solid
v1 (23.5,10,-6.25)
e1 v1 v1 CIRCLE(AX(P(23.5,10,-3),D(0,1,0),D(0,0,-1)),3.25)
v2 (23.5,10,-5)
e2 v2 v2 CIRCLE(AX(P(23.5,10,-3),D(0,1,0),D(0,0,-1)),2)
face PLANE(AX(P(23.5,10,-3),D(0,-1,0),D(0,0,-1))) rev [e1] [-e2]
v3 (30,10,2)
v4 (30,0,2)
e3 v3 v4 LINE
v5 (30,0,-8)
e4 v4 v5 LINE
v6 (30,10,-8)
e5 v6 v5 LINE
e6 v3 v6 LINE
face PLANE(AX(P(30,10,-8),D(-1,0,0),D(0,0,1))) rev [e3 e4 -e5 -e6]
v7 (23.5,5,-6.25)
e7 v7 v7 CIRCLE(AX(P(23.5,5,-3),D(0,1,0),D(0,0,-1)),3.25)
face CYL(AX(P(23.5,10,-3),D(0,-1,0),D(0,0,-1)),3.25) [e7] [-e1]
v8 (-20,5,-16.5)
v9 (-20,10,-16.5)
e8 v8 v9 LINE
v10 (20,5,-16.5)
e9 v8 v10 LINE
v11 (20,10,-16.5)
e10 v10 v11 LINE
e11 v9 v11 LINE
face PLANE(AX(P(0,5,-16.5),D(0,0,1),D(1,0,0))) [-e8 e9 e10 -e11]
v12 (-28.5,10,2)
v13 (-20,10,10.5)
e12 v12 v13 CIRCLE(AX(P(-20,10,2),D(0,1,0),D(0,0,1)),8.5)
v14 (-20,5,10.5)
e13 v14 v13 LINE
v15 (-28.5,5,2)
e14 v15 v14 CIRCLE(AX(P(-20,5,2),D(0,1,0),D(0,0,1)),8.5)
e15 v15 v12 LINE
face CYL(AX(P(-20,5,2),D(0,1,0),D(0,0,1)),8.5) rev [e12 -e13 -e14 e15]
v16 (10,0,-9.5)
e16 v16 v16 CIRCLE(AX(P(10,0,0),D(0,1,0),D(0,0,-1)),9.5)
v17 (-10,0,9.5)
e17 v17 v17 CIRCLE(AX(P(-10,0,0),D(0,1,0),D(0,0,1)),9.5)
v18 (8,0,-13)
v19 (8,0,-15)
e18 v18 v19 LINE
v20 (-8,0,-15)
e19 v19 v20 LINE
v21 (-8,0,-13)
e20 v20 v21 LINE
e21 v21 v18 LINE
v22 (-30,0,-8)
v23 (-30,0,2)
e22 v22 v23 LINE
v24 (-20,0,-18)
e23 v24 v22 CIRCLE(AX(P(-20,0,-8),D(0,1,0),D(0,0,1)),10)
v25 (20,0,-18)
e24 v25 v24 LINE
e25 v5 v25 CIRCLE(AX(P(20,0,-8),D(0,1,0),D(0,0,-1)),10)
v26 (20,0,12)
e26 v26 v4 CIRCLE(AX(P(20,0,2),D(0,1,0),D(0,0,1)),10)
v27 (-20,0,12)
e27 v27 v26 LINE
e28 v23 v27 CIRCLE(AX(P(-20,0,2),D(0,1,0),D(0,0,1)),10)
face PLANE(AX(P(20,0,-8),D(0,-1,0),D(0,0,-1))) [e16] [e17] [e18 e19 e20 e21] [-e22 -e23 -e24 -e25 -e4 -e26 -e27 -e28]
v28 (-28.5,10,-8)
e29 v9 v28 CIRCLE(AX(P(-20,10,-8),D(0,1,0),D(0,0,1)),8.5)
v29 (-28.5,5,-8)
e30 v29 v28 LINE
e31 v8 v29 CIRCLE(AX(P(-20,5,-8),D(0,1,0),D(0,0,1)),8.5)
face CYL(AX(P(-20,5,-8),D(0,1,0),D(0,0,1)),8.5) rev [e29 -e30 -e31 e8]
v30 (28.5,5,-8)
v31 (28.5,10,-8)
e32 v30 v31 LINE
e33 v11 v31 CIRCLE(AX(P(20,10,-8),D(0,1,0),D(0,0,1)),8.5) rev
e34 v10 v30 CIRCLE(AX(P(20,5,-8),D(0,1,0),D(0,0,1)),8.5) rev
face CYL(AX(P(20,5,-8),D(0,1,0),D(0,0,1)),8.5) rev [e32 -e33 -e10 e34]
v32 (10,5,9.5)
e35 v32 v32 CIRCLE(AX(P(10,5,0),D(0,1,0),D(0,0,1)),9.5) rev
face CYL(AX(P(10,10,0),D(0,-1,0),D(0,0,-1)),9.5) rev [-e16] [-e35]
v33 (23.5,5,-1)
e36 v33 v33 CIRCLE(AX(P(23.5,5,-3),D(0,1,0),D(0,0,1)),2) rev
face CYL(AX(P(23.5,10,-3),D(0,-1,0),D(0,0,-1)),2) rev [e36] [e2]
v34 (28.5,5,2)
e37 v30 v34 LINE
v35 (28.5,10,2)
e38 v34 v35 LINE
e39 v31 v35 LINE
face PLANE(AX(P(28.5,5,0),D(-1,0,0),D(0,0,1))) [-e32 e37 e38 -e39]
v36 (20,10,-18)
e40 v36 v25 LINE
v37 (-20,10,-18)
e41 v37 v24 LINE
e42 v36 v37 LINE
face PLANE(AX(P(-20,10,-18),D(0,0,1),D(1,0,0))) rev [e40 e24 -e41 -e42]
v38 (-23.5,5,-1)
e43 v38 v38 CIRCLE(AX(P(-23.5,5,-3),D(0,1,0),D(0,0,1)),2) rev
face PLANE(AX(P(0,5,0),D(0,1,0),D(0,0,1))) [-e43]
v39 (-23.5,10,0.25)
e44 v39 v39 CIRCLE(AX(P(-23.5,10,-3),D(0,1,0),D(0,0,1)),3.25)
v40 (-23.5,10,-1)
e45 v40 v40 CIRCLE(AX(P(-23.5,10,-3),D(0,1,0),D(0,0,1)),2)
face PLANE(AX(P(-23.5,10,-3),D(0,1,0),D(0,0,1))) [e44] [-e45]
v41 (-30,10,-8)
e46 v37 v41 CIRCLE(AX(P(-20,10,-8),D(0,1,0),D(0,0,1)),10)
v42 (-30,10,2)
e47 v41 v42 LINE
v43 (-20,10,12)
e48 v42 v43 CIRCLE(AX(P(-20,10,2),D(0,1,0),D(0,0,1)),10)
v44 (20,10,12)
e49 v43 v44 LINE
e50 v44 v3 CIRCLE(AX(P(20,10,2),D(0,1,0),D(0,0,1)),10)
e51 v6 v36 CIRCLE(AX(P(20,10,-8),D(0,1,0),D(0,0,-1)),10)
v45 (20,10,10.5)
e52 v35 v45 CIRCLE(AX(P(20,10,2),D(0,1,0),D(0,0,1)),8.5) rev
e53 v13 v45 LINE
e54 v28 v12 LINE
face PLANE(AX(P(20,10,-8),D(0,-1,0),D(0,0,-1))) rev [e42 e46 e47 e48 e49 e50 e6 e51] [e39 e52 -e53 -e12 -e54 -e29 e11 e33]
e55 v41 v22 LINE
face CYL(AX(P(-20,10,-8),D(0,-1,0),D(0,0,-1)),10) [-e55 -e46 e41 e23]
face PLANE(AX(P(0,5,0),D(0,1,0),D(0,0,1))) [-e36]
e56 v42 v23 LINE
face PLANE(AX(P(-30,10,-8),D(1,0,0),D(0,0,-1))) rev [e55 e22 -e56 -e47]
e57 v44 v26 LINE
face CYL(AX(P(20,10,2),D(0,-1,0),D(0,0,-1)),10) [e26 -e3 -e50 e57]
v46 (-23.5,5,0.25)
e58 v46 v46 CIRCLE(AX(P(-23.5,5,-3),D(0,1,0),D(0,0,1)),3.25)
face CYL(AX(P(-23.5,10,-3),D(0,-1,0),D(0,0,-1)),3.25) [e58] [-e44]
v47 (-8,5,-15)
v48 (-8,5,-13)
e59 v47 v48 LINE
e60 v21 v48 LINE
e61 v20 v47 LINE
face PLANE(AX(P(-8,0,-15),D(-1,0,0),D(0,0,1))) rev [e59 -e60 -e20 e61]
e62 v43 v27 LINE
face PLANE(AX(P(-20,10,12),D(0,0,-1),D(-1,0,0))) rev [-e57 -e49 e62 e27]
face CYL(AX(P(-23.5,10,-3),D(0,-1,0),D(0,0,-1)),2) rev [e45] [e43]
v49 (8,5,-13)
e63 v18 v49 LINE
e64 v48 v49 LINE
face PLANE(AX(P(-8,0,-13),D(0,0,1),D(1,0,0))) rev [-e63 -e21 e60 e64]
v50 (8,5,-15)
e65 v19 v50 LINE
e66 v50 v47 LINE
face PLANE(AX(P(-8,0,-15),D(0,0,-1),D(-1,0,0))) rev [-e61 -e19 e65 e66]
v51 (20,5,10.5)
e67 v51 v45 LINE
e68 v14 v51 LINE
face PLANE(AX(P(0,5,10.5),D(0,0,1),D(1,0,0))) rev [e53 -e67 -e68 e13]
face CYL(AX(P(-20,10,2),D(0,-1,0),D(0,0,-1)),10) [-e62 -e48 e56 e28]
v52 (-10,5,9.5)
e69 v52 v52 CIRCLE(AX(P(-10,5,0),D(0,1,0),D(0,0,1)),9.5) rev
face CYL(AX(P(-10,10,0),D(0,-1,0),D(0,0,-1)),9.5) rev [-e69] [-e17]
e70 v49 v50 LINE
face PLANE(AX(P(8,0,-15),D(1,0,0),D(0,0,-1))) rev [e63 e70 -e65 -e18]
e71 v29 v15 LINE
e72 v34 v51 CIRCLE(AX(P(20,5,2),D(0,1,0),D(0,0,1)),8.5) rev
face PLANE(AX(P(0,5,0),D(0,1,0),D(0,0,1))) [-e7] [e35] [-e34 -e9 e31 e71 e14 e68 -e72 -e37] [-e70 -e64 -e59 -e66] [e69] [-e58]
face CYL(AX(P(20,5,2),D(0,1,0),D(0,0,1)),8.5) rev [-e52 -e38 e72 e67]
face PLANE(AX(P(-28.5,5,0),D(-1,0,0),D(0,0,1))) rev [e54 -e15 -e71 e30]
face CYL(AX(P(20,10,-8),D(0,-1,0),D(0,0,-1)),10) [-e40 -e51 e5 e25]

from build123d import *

# Parameters (mm, degrees)
SKETCH_1_R          = 9.5
EXTRUDE_1_DEPTH     = 10
SKETCH_2_R          = 8.5
SKETCH_2_R_2        = 9.5
CUT_EXTRUDE_1_DEPTH = 5
SKETCH_3_R          = 3.25
SKETCH_3_R_2        = 2
EXTRUDE_2_DEPTH     = 5
SKETCH_4_W          = 16
SKETCH_4_H          = 2
CUT_EXTRUDE_2_DEPTH = 6


with BuildPart() as part:
    # Эскиз1 → Бобышка-Вытянуть1 (new body)
    with BuildSketch(Plane(origin=(0, 0, 0), x_dir=(1, 0, 0), z_dir=(0, 1, 0))):
        with BuildLine():
            Line((-20, 18), (20, 18))
            ThreePointArc((20, 18), (27.071067812, 15.071067812), (30, 8))
            Line((30, 8), (30, -2))
            ThreePointArc((30, -2), (27.071067812, -9.071067812), (20, -12))
            Line((20, -12), (-20, -12))
            ThreePointArc((-20, -12), (-27.071067812, -9.071067812), (-30, -2))
            Line((-30, -2), (-30, 8))
            ThreePointArc((-30, 8), (-27.071067812, 15.071067812), (-20, 18))
        make_face()
        with Locations((-10, 0)):
            Circle(SKETCH_1_R, mode=Mode.SUBTRACT)
        with Locations((10, 0)):
            Circle(SKETCH_1_R, mode=Mode.SUBTRACT)
    extrude(amount=EXTRUDE_1_DEPTH)

    # Эскиз2 → Вырез-Вытянуть1 (cut)
    with BuildSketch(Plane(origin=(0, 10, 0), x_dir=(1, 0, 0), z_dir=(0, 1, 0))):
        with Locations((-20, -2)):
            Circle(SKETCH_2_R)
        with Locations((-20, 8)):
            Circle(SKETCH_2_R)
        with Locations((-10, 0)):
            Circle(SKETCH_2_R_2)
        with BuildLine():
            Line((20, 16.5), (-20, 16.5))
            ThreePointArc((-20, 16.5), (-14.492370575, 14.474258113), (-11.609926002, 9.362592497))
            ThreePointArc((-11.609926002, 9.362592497), (-3.878084328, 7.26444413), (-0.5, 0))
            ThreePointArc((-0.5, 0), (-5.086783087, -8.13082404), (-14.417957802, -8.410210988))
            ThreePointArc((-14.417957802, -8.410210988), (-17.01979811, -9.960426917), (-20, -10.5))
            Line((-20, -10.5), (20, -10.5))
            ThreePointArc((20, -10.5), (17.01979811, -9.960426917), (14.417957802, -8.410210988))
            ThreePointArc((14.417957802, -8.410210988), (0.616398255, -1.48257151), (11.609926002, 9.362592497))
            ThreePointArc((11.609926002, 9.362592497), (14.492370575, 14.474258113), (20, 16.5))
        make_face()
        with BuildLine():
            ThreePointArc((-26.873863542, 3), (-28.08324935, 5.371106707), (-28.5, 8))
            Line((-28.5, 8), (-28.5, -2))
            ThreePointArc((-28.5, -2), (-28.08324935, 0.628893293), (-26.873863542, 3))
        make_face()
        with Locations((20, -2)):
            Circle(SKETCH_2_R)
        with Locations((20, 8)):
            Circle(SKETCH_2_R)
        with Locations((10, 0)):
            Circle(SKETCH_2_R_2)
        with BuildLine():
            Line((28.5, -2), (28.5, 8))
            ThreePointArc((28.5, 8), (28.08324935, 5.371106707), (26.873863542, 3))
            ThreePointArc((26.873863542, 3), (28.08324935, 0.628893293), (28.5, -2))
        make_face()
    extrude(amount=-CUT_EXTRUDE_1_DEPTH, mode=Mode.SUBTRACT)

    # Эскиз3 → Бобышка-Вытянуть2 (add)
    with BuildSketch(Plane(origin=(0, 5, 0), x_dir=(1, 0, 0), z_dir=(0, 1, 0))):
        with Locations((-23.5, 3)):
            Circle(SKETCH_3_R)
        with Locations((-23.5, 3)):
            Circle(SKETCH_3_R_2, mode=Mode.SUBTRACT)
        with Locations((23.5, 3)):
            Circle(SKETCH_3_R)
        with Locations((23.5, 3)):
            Circle(SKETCH_3_R_2, mode=Mode.SUBTRACT)
    extrude(amount=EXTRUDE_2_DEPTH)

    # Эскиз4 → Вырез-Вытянуть2 (cut, through all)
    with BuildSketch(Plane(origin=(0, 5, 0), x_dir=(1, 0, 0), z_dir=(0, 1, 0))):
        with Locations((0, 14)):
            Rectangle(SKETCH_4_W, SKETCH_4_H)
    extrude(amount=-CUT_EXTRUDE_2_DEPTH, mode=Mode.SUBTRACT)


solid = part.part
